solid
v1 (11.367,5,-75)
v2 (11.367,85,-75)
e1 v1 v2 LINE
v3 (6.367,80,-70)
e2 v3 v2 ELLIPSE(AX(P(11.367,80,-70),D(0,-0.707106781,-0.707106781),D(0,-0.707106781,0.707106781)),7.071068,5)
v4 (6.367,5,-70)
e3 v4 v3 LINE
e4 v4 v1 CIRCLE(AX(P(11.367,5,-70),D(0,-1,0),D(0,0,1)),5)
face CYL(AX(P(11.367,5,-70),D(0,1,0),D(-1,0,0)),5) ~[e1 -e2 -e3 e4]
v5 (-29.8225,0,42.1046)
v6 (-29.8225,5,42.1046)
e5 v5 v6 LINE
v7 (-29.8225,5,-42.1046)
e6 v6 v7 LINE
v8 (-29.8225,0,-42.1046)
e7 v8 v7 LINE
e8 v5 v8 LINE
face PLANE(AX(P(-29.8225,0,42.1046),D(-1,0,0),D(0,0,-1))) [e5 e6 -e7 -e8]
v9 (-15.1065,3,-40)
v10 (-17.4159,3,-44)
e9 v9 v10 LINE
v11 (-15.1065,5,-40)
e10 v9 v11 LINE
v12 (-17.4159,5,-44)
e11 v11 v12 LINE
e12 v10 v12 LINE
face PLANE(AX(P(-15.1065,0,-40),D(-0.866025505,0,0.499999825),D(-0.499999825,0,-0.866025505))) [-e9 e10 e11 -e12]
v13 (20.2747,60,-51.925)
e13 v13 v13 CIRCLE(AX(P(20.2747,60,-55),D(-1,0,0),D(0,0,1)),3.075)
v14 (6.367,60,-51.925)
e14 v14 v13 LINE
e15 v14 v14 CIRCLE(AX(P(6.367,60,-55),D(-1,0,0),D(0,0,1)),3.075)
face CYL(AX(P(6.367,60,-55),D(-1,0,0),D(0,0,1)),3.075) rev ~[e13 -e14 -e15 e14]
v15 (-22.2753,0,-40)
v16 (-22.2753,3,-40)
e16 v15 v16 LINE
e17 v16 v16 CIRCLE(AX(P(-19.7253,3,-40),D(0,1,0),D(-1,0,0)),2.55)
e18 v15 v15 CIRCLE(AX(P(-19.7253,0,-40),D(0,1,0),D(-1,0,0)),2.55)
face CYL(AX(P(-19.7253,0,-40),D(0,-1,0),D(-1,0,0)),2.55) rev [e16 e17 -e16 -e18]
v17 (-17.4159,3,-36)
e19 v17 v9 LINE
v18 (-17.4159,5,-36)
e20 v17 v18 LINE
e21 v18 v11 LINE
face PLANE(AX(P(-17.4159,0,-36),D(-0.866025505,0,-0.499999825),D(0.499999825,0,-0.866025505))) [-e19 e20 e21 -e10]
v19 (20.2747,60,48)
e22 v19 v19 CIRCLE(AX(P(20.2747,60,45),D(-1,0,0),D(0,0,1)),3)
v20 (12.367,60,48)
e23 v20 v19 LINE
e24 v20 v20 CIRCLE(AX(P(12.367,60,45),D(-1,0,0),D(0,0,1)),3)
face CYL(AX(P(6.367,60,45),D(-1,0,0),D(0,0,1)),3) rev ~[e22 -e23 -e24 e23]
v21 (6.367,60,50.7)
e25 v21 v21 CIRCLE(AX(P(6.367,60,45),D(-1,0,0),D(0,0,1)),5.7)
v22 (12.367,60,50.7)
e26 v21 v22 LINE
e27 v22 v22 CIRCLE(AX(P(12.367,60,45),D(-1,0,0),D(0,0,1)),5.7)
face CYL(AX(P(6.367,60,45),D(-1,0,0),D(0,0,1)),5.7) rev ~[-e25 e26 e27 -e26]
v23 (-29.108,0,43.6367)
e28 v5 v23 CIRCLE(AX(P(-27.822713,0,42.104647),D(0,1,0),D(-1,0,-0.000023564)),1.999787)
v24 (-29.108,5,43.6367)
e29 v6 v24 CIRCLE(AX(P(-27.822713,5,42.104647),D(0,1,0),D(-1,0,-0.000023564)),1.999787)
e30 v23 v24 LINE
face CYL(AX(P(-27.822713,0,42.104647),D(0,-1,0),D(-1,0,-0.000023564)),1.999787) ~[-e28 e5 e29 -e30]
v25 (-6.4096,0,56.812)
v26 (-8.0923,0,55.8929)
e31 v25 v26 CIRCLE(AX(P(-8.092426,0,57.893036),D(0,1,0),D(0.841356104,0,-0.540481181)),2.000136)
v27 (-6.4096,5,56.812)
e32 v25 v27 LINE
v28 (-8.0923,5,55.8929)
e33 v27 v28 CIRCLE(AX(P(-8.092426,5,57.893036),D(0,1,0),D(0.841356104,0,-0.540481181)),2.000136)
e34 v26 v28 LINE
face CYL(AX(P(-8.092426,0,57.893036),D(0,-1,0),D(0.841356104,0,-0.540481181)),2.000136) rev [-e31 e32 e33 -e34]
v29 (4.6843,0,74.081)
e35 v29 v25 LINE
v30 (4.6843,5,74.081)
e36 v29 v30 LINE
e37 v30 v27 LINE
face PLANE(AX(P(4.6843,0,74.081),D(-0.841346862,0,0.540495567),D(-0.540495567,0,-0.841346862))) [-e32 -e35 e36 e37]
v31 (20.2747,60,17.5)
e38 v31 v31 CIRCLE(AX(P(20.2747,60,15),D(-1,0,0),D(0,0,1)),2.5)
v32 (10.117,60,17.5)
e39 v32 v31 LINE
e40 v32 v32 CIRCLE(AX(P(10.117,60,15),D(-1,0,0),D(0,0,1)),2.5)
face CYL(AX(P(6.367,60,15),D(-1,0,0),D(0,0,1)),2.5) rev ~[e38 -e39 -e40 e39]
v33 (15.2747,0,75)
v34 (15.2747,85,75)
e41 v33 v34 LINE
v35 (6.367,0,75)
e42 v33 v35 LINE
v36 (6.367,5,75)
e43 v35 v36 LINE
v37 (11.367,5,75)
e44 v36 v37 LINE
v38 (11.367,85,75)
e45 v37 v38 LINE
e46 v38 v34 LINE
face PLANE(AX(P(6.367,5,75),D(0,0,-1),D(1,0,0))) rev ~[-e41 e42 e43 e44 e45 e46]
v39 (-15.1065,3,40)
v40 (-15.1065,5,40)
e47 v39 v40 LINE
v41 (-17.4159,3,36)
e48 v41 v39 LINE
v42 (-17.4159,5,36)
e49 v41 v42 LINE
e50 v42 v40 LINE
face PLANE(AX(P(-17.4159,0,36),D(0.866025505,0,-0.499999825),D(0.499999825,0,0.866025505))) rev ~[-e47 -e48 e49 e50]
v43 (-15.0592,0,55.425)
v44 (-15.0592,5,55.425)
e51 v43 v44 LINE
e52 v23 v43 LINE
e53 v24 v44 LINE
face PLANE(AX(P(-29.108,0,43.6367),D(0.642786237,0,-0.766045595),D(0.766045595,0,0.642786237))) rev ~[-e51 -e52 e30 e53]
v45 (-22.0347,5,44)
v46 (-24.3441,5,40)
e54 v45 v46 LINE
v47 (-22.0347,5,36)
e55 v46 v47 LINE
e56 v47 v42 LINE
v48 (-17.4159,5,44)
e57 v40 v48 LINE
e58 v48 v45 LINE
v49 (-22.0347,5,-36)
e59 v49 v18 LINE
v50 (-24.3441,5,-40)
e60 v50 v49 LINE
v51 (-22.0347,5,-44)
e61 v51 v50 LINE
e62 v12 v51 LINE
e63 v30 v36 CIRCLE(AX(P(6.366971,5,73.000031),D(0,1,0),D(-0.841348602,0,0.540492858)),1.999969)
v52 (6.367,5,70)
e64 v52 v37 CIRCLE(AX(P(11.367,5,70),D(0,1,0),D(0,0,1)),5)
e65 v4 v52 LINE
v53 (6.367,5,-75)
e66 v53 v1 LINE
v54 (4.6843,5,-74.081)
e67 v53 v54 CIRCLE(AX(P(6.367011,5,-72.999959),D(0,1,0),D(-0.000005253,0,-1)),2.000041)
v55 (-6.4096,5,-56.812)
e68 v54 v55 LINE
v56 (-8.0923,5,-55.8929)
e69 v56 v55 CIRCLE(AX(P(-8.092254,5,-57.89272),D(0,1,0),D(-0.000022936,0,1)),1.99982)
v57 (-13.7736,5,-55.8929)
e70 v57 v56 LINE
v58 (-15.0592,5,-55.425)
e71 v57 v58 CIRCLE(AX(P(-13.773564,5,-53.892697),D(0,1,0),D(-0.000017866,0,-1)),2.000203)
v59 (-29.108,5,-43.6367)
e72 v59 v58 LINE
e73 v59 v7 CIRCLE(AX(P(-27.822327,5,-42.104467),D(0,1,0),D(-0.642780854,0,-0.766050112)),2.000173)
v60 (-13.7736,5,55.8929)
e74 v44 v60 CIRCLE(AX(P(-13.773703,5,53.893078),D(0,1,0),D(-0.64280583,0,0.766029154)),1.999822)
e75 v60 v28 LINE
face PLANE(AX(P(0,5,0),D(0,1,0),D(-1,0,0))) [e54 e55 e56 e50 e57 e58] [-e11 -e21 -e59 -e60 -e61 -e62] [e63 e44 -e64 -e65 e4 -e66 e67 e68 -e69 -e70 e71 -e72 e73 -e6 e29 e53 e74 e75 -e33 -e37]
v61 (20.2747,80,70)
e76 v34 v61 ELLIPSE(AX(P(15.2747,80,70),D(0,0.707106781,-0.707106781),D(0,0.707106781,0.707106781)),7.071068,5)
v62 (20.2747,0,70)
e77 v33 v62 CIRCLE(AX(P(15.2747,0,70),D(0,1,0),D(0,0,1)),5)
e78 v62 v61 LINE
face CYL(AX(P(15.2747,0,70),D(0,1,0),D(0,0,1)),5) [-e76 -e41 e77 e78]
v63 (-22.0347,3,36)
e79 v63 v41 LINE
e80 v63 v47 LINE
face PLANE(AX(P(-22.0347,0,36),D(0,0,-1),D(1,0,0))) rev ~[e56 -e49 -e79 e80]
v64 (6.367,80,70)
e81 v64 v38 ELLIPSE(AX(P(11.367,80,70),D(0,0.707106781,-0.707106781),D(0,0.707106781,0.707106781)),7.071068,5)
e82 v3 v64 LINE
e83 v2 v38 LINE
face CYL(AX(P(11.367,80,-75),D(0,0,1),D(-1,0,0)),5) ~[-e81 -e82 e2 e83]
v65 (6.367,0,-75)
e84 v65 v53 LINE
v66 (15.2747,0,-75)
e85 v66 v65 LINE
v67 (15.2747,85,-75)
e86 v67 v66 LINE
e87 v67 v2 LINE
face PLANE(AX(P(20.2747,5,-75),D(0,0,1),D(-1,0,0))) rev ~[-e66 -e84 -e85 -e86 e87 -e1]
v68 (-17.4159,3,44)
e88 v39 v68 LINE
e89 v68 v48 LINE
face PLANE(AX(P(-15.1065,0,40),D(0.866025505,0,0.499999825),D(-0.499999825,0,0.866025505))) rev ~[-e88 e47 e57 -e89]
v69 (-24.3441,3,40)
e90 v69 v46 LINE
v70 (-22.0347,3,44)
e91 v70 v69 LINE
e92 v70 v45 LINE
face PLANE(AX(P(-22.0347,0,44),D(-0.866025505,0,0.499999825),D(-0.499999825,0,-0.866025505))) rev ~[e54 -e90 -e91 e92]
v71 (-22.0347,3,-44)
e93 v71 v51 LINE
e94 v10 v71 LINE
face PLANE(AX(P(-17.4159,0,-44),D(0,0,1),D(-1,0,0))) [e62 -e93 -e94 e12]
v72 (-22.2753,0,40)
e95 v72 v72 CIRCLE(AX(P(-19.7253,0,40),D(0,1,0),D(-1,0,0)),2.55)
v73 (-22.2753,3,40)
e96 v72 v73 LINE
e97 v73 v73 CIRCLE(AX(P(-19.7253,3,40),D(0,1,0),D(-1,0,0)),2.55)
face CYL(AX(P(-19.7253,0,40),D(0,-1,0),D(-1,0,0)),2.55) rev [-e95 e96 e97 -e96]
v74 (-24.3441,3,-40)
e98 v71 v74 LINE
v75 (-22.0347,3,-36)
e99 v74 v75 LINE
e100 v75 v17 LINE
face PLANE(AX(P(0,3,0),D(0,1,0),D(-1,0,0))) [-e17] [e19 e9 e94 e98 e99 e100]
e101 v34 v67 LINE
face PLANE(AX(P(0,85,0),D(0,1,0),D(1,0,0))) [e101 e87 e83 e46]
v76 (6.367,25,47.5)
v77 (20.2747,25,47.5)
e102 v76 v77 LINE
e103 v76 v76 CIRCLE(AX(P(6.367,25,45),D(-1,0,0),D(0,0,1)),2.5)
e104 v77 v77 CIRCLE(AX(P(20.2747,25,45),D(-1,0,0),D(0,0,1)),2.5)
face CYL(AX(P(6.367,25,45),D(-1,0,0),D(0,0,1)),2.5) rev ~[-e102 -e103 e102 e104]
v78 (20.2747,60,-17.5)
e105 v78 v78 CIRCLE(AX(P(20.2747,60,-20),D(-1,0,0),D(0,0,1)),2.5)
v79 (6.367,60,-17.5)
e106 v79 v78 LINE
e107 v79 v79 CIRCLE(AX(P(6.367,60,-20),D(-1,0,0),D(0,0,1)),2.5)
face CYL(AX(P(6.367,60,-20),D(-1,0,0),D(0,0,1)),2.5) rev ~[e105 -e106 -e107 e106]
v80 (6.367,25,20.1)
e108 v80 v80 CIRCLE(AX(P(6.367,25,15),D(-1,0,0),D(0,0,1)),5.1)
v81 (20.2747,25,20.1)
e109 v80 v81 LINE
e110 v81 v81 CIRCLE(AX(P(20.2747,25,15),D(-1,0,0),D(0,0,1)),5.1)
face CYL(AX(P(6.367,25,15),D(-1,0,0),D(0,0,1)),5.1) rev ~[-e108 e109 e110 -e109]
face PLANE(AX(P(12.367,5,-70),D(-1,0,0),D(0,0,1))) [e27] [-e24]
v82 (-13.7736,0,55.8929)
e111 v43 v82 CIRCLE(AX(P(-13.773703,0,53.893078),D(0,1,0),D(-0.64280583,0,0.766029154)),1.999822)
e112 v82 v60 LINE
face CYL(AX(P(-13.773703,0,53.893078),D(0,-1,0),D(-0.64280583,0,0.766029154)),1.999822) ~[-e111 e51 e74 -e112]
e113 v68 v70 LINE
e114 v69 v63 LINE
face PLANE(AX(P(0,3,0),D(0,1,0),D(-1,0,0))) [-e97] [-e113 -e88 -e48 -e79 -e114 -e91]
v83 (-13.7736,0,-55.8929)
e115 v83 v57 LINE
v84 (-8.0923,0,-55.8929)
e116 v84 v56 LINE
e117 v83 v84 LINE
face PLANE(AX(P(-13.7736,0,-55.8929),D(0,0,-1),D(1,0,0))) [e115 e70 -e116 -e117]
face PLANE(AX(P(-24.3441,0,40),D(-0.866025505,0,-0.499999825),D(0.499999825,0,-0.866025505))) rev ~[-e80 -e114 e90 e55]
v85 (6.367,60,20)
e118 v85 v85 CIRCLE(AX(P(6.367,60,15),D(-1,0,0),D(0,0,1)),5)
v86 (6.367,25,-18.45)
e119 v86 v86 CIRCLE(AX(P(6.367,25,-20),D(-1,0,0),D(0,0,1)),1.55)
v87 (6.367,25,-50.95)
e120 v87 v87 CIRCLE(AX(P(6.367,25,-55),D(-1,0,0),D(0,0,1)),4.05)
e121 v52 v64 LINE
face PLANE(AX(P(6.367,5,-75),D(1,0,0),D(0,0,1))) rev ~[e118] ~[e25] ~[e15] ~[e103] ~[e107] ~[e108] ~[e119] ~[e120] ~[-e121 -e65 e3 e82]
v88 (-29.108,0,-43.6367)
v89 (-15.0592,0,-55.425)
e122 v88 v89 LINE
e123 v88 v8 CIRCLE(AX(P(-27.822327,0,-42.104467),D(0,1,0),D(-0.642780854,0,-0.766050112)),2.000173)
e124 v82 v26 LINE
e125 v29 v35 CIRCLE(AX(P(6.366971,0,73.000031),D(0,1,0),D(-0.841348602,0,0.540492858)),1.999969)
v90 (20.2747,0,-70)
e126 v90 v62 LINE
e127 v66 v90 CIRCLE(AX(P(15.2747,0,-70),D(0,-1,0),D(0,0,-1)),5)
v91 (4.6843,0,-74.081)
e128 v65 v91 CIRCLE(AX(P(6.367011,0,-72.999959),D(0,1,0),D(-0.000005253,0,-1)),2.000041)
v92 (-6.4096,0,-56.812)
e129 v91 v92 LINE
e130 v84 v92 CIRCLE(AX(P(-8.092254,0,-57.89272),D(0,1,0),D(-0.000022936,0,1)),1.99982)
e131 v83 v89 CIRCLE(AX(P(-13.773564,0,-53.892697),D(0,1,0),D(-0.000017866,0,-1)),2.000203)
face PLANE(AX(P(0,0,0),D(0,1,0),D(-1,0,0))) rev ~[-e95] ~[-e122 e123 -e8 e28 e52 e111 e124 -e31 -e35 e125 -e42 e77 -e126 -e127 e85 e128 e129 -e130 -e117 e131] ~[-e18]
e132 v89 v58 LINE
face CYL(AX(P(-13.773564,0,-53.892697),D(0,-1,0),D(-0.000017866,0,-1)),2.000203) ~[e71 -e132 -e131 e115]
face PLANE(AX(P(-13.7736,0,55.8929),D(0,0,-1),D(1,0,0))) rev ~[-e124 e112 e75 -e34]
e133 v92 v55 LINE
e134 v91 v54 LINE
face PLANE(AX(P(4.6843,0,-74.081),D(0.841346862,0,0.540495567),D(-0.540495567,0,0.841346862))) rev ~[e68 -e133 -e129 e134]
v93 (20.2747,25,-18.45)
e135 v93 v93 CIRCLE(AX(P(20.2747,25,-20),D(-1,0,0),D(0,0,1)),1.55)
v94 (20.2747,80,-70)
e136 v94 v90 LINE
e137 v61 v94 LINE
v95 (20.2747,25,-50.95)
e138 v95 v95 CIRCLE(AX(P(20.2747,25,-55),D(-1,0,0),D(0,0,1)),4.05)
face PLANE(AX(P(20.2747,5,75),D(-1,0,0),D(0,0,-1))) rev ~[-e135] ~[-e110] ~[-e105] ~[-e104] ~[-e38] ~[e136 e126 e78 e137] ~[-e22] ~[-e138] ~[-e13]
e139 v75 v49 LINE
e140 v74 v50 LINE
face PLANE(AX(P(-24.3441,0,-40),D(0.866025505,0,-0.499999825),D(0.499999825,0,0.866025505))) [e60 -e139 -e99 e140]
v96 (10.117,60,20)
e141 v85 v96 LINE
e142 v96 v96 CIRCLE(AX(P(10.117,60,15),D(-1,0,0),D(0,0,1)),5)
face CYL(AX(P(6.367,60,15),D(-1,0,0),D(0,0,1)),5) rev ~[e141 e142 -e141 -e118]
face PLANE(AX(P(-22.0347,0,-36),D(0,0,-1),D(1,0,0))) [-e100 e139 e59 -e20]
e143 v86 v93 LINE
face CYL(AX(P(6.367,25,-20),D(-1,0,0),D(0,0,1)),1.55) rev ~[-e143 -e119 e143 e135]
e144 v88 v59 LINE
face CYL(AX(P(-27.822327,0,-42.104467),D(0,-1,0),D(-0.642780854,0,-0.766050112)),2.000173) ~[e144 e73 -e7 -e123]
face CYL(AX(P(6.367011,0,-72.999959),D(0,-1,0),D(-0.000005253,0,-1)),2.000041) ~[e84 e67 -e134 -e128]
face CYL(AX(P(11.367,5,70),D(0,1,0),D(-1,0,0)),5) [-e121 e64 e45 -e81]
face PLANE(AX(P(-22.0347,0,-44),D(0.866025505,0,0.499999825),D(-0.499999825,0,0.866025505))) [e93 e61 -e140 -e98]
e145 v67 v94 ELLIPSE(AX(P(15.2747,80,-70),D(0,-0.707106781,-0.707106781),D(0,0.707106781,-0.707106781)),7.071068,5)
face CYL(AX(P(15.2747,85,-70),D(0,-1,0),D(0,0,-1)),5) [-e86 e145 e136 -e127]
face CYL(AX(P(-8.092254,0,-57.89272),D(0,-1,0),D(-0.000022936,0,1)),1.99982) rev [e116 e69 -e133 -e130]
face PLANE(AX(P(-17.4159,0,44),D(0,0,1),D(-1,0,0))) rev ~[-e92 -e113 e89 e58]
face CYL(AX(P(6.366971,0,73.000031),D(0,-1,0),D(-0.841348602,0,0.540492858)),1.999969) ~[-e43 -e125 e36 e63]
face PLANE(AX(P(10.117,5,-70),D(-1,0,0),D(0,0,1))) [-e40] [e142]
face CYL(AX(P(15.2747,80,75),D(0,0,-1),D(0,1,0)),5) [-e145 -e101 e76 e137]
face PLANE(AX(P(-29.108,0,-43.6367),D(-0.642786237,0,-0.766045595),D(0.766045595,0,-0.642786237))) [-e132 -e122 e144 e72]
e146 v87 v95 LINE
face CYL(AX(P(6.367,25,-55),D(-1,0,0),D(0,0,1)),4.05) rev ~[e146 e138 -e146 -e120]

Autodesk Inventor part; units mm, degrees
ref_plane "YZ Plane" through (0, 0, 0) normal (1, 0, 0) x (0, 1, 0)
ref_plane "XZ Plane" through (0, 0, 0) normal (0, 1, 0) x (-1, 0, 0)
ref_plane "XY Plane" through (0, 0, 0) normal (0, 0, 1) x (1, 0, 0)
sketch "Sketch2" plane through (0, 0, 0) normal (0, 1, 0) x (-1, 0, 0)
  line L0 (15.1065, 40) -> (17.4159, 44)
  line L1 (17.4159, 44) -> (22.0347, 44)
  line L2 (22.0347, 44) -> (24.3441, 40)
  line L3 (24.3441, 40) -> (22.0347, 36)
  line L4 (22.0347, 36) -> (17.4159, 36)
  line L5 (17.4159, 36) -> (15.1065, 40)
  circle A0 centre (19.7253, 40) radius 2.55
  line L6 (-20.2747, -75) -> (-20.2747, 75)
  line L7 (0, 0) -> (41.3759, 0) construction
  line L8 (15.1065, -40) -> (17.4159, -44)
  line L9 (17.4159, -44) -> (22.0347, -44)
  line L10 (22.0347, -44) -> (24.3441, -40)
  line L11 (24.3441, -40) -> (22.0347, -36)
  line L12 (22.0347, -36) -> (17.4159, -36)
  line L13 (17.4159, -36) -> (15.1065, -40)
  circle A1 centre (19.7253, -40) radius 2.55
  line L14 (29.108, 43.6367) -> (15.0592, 55.425)
  line L15 (29.8225, 43.0372) -> (48.1619, 43.0372) construction
  line L16 (13.7736, 55.8929) -> (8.0923, 55.8929)
  line L17 (29.108, -43.6367) -> (15.0592, -55.425)
  line L18 (13.7736, -55.8929) -> (8.0923, -55.8929)
  line L19 (29.8225, 42.1046) -> (29.8225, -42.1046)
  line L20 (-20.2747, 75) -> (-6.367, 75)
  line L21 (-4.6843, 74.081) -> (6.4096, 56.812)
  arc A2 (-4.6843, 74.081) -> (-6.367, 75) centre (-6.367, 73) ccw
  arc A3 (6.4096, 56.812) -> (8.0923, 55.8929) centre (8.0923, 57.8929) ccw
  arc A4 (15.0592, 55.425) -> (13.7736, 55.8929) centre (13.7736, 53.8929) ccw
  arc A5 (29.8225, 42.1046) -> (29.108, 43.6367) centre (27.8225, 42.1046) ccw
  arc A6 (29.108, -43.6367) -> (29.8225, -42.1046) centre (27.8225, -42.1046) ccw
  arc A7 (13.7736, -55.8929) -> (15.0592, -55.425) centre (13.7736, -53.8929) ccw
  line L22 (-20.2747, -75) -> (-6.367, -75)
  line L23 (-4.6843, -74.081) -> (6.4096, -56.812)
  arc A8 (-6.367, -75) -> (-4.6843, -74.081) centre (-6.367, -73) ccw
  arc A9 (8.0923, -55.8929) -> (6.4096, -56.812) centre (8.0923, -57.8929) ccw
  point P0 (19.7253, 36)
  point P1 (19.7253, 44)
  point P2 (23.1894, 42)
  point P3 (19.7253, -36)
  point P4 (19.7253, -44)
  point P5 (23.1894, -42)
  point P6 (14.5016, 55.8929)
  point P7 (7, 55.8929)
  point P8 (29.8225, -43.0372)
  point P9 (14.5016, -55.8929)
  point P10 (7, -55.8929)
  point P11 (-5.2747, 75)
  point P12 (-5.2747, -75)
  dimension "d18" = 8
  dimension "d19" = 5.1
  dimension "d60" = 150
  dimension "d62" = 40
  dimension "d63" = 40
  dimension "d64" = 20
  dimension "d65" = 140
  dimension "d66" = 75
  dimension "d67" = 15
  dimension "d68" = 2
  dimension "d69" = 15
  dimension "d70" = 2
extrude "Extrusion11" add sketch "Sketch2" along normal blind 5 contours L6 L20 A2 L21 A3 L16 A4 L14 A5 L19 A6 L17 A7 L18 A9 L23 A8 L22
extrude "Extrusion12" add sketch "Sketch2" along normal blind 3 contours L0 L1 L2 L3 L4 L5 | L13 L12 L11 L10 L9 L8
sketch "Sketch5" plane through (0, 5, 0) normal (0, 1, 0) x (1, 0, 0)
  line L0 (6.367, -75) -> (20.2747, -75) projected
  line L1 (20.2747, -75) -> (20.2747, 75) projected
  line L2 (6.367, -75) -> (20.2747, -75)
  line L3 (20.2747, -75) -> (20.2747, 75)
  line L4 (20.2747, 75) -> (6.367, 75)
  line L5 (6.367, 75) -> (6.367, -75)
  point P0 (0, 0)
extrude "Extrusion13" add sketch "Sketch5" along normal blind 80
fillet "Fillet1" radius 5 6 edges at (6.367, 45, 75) (20.2747, 42.5, 75) (6.367, 85, 0) (20.2747, 85, 0) (6.367, 45, -75) (20.2747, 42.5, -75)
sketch "Sketch6" plane through (6.367, 5, -70) normal (-1, 0, 0) x (0, 0, 1)
  line L0 (0, 0) -> (0, 75) projected
  line L1 (140, 75) -> (140, 0) construction
  line L2 (140, 0) -> (140, 75)
  line L3 (145, 80) -> (145, -5) projected
  line L4 (0, 75) -> (140, 75) projected
  line L5 (115, 75) -> (115, 0) construction
  line L6 (85, 75) -> (85, 0) construction
  line L7 (50, 75) -> (50, 0) construction
  line L8 (15, 75) -> (15, 0) construction
  line L9 (140, -5) -> (140, 75) projected
  circle A0 centre (115, 55) radius 3
  circle A1 centre (85, 55) radius 2.5
  circle A2 centre (50, 55) radius 2.5
  circle A3 centre (15, 55) radius 3.075
  circle A4 centre (115, 55) radius 5.7
  circle A5 centre (85, 55) radius 5
  circle A6 centre (115, 20) radius 2.5
  circle A7 centre (85, 20) radius 5.1
  circle A8 centre (50, 20) radius 1.55
  circle A9 centre (15, 20) radius 4.05
  line L10 (140, 20) -> (0, 20) construction
  line L11 (140, 55) -> (0, 55) construction
  point P0 (70, -5)
  dimension "d79" = 75
  dimension "d82" = 25
  dimension "d83" = 30
  dimension "d84" = 35
  dimension "d85" = 35
  dimension "d86" = 20
  dimension "d87" = 6
  dimension "d88" = 11.4
  dimension "d89" = 5
  dimension "d90" = 10
  dimension "d91" = 5
  dimension "d92" = 6.15
  dimension "d93" = 20
  dimension "d94" = 5
  dimension "d95" = 10.2
  dimension "d96" = 3.1
  dimension "d97" = 8.1
extrude "Extrusion14" cut sketch "Sketch6" against normal through all contours A0 | A1 | A2 | A3 | A6 | A7 | A8 | A9
extrude "Extrusion15" cut sketch "Sketch6" against normal blind 6 contours A4
extrude "Extrusion16" cut sketch "Sketch6" against normal blind 3.75 contours A5
properties part number "soporte_destornillador"
